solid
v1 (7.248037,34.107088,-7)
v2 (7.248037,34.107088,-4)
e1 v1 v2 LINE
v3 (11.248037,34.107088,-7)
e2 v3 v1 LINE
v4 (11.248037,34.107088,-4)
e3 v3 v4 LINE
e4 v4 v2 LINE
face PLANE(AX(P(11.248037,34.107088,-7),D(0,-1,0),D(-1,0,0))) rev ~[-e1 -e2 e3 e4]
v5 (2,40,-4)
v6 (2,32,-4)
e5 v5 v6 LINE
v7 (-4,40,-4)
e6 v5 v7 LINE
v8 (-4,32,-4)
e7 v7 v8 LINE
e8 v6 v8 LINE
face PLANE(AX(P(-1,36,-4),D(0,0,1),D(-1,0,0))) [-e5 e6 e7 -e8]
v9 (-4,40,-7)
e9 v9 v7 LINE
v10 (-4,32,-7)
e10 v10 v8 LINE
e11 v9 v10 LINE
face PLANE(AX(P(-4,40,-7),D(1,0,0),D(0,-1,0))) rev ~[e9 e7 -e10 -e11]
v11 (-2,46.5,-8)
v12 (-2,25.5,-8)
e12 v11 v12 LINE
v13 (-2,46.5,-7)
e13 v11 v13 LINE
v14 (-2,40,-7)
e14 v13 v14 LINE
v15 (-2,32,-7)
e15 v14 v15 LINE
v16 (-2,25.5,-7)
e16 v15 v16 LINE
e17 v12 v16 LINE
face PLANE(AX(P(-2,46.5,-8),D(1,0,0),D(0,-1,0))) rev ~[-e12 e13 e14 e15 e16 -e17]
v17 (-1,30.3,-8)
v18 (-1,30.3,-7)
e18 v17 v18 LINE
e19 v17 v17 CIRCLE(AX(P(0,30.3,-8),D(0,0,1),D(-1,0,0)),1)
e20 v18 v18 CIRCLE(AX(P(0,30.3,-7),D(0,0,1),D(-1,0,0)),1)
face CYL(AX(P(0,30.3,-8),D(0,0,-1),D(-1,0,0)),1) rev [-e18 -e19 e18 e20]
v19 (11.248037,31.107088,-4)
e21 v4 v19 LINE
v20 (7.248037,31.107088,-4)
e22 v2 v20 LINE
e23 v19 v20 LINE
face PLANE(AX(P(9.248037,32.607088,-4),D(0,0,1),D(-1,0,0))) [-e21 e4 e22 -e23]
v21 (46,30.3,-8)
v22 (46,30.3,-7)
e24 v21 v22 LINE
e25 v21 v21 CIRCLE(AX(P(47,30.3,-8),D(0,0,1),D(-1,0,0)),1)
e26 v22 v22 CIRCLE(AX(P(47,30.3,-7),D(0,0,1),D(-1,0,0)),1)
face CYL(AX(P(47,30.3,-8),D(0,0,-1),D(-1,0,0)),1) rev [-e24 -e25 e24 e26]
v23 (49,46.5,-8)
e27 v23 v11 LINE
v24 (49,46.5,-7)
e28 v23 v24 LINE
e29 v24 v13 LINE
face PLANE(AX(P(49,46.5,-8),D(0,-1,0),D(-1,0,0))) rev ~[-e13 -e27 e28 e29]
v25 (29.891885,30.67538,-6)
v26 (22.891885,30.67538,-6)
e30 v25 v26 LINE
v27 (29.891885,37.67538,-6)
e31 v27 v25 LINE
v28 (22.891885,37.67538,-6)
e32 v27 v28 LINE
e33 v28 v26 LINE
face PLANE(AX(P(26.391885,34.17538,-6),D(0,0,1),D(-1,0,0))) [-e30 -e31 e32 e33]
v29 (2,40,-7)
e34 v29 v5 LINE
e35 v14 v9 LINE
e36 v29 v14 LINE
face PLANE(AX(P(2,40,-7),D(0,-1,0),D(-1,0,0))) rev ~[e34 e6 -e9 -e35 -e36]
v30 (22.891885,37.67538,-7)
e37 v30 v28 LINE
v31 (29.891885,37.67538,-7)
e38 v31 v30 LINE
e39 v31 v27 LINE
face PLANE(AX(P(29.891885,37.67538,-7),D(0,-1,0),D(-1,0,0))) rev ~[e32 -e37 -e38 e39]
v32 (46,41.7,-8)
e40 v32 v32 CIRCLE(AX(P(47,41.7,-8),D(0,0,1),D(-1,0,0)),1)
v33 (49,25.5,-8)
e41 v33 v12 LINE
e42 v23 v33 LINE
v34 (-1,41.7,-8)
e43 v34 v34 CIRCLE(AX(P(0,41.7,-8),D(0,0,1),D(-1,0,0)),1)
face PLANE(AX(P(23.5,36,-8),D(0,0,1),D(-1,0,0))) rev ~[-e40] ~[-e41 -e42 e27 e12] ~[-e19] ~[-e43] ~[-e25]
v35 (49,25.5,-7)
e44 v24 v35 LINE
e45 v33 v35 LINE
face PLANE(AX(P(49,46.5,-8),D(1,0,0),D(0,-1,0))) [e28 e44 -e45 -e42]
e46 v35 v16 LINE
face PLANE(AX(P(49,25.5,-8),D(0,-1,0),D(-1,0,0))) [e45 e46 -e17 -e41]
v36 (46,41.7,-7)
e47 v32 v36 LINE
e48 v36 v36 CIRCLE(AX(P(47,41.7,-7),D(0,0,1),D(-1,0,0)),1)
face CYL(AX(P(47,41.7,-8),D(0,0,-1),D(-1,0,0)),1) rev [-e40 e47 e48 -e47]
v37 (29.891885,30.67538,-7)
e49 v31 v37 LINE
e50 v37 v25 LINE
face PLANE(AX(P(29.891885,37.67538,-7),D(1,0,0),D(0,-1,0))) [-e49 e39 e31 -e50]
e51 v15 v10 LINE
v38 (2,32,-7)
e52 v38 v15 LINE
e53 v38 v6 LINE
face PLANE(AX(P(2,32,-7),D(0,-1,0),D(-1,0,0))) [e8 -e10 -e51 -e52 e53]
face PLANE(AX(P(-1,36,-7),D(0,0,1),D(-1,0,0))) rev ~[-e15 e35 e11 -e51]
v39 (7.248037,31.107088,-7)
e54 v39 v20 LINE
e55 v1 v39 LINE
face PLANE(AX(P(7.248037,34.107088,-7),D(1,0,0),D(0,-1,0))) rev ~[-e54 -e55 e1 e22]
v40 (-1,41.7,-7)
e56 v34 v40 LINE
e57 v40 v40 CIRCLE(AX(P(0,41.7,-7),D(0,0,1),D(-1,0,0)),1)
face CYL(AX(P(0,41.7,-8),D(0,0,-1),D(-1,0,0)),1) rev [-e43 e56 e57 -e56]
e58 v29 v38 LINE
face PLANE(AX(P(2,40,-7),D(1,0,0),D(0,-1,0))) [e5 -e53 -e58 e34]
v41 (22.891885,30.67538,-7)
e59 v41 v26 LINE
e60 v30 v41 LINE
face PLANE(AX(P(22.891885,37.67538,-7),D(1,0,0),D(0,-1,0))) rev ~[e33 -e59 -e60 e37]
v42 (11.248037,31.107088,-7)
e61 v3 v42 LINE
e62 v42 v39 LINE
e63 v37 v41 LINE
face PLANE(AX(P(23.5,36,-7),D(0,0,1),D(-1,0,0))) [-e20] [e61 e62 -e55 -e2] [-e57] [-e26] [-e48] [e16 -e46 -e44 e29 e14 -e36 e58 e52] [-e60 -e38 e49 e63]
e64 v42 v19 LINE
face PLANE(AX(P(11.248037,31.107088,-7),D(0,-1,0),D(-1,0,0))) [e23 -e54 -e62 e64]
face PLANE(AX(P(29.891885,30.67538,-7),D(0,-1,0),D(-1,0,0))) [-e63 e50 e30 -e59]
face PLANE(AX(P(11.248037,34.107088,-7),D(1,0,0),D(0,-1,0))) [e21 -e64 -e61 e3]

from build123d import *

# Parameters (mm, degrees)
SKETCH004_W             = 51
SKETCH004_H             = 21
SKETCH004_R             = 1
PAD003_DEPTH            = 1
SKETCH005_W             = 6
SKETCH005_H             = 8
SKETCH005_W_2           = 4
SKETCH005_H_2           = 3
PAD004_DEPTH            = 3
SKETCH006_W             = 7
SKETCH006_H             = 7
PAD005_DEPTH            = 1
BODY001_PLACEMENT_ANGLE = 180


with BuildPart() as part:
    # Sketch004 → Pad003 (new body)
    with BuildSketch(Plane.XY):
        with Locations((-25.5, 10.5)):
            Rectangle(SKETCH004_W, SKETCH004_H)
        with Locations((-49, 16.2)):
            Circle(SKETCH004_R, mode=Mode.SUBTRACT)
        with Locations((-49, 4.8)):
            Circle(SKETCH004_R, mode=Mode.SUBTRACT)
        with Locations((-2, 16.2)):
            Circle(SKETCH004_R, mode=Mode.SUBTRACT)
        with Locations((-2, 4.8)):
            Circle(SKETCH004_R, mode=Mode.SUBTRACT)
    extrude(amount=PAD003_DEPTH)

    # Sketch005 (on Face10 of Pad003) → Pad004 (join)
    with BuildSketch(Plane.XY.offset(1)):
        with Locations((-1, 10.5)):
            Rectangle(SKETCH005_W, SKETCH005_H)
        with Locations((-11.248037, 13.892912)):
            Rectangle(SKETCH005_W_2, SKETCH005_H_2)
    extrude(amount=PAD004_DEPTH)

    # Sketch006 (on Face5 of Pad004) → Pad005 (join)
    with BuildSketch(Plane.XY.offset(1)):
        with Locations((-28.391885, 12.32462)):
            Rectangle(SKETCH006_W, SKETCH006_H)
    extrude(amount=PAD005_DEPTH)


with BuildPart() as part_1:
    # Body001 placement: moved
    add(part.part.moved(Location((-2, 46.5, -8))).rotate(Axis((-2, 46.5, -8), (0, 0, 1)), BODY001_PLACEMENT_ANGLE))


solid = part_1.part
